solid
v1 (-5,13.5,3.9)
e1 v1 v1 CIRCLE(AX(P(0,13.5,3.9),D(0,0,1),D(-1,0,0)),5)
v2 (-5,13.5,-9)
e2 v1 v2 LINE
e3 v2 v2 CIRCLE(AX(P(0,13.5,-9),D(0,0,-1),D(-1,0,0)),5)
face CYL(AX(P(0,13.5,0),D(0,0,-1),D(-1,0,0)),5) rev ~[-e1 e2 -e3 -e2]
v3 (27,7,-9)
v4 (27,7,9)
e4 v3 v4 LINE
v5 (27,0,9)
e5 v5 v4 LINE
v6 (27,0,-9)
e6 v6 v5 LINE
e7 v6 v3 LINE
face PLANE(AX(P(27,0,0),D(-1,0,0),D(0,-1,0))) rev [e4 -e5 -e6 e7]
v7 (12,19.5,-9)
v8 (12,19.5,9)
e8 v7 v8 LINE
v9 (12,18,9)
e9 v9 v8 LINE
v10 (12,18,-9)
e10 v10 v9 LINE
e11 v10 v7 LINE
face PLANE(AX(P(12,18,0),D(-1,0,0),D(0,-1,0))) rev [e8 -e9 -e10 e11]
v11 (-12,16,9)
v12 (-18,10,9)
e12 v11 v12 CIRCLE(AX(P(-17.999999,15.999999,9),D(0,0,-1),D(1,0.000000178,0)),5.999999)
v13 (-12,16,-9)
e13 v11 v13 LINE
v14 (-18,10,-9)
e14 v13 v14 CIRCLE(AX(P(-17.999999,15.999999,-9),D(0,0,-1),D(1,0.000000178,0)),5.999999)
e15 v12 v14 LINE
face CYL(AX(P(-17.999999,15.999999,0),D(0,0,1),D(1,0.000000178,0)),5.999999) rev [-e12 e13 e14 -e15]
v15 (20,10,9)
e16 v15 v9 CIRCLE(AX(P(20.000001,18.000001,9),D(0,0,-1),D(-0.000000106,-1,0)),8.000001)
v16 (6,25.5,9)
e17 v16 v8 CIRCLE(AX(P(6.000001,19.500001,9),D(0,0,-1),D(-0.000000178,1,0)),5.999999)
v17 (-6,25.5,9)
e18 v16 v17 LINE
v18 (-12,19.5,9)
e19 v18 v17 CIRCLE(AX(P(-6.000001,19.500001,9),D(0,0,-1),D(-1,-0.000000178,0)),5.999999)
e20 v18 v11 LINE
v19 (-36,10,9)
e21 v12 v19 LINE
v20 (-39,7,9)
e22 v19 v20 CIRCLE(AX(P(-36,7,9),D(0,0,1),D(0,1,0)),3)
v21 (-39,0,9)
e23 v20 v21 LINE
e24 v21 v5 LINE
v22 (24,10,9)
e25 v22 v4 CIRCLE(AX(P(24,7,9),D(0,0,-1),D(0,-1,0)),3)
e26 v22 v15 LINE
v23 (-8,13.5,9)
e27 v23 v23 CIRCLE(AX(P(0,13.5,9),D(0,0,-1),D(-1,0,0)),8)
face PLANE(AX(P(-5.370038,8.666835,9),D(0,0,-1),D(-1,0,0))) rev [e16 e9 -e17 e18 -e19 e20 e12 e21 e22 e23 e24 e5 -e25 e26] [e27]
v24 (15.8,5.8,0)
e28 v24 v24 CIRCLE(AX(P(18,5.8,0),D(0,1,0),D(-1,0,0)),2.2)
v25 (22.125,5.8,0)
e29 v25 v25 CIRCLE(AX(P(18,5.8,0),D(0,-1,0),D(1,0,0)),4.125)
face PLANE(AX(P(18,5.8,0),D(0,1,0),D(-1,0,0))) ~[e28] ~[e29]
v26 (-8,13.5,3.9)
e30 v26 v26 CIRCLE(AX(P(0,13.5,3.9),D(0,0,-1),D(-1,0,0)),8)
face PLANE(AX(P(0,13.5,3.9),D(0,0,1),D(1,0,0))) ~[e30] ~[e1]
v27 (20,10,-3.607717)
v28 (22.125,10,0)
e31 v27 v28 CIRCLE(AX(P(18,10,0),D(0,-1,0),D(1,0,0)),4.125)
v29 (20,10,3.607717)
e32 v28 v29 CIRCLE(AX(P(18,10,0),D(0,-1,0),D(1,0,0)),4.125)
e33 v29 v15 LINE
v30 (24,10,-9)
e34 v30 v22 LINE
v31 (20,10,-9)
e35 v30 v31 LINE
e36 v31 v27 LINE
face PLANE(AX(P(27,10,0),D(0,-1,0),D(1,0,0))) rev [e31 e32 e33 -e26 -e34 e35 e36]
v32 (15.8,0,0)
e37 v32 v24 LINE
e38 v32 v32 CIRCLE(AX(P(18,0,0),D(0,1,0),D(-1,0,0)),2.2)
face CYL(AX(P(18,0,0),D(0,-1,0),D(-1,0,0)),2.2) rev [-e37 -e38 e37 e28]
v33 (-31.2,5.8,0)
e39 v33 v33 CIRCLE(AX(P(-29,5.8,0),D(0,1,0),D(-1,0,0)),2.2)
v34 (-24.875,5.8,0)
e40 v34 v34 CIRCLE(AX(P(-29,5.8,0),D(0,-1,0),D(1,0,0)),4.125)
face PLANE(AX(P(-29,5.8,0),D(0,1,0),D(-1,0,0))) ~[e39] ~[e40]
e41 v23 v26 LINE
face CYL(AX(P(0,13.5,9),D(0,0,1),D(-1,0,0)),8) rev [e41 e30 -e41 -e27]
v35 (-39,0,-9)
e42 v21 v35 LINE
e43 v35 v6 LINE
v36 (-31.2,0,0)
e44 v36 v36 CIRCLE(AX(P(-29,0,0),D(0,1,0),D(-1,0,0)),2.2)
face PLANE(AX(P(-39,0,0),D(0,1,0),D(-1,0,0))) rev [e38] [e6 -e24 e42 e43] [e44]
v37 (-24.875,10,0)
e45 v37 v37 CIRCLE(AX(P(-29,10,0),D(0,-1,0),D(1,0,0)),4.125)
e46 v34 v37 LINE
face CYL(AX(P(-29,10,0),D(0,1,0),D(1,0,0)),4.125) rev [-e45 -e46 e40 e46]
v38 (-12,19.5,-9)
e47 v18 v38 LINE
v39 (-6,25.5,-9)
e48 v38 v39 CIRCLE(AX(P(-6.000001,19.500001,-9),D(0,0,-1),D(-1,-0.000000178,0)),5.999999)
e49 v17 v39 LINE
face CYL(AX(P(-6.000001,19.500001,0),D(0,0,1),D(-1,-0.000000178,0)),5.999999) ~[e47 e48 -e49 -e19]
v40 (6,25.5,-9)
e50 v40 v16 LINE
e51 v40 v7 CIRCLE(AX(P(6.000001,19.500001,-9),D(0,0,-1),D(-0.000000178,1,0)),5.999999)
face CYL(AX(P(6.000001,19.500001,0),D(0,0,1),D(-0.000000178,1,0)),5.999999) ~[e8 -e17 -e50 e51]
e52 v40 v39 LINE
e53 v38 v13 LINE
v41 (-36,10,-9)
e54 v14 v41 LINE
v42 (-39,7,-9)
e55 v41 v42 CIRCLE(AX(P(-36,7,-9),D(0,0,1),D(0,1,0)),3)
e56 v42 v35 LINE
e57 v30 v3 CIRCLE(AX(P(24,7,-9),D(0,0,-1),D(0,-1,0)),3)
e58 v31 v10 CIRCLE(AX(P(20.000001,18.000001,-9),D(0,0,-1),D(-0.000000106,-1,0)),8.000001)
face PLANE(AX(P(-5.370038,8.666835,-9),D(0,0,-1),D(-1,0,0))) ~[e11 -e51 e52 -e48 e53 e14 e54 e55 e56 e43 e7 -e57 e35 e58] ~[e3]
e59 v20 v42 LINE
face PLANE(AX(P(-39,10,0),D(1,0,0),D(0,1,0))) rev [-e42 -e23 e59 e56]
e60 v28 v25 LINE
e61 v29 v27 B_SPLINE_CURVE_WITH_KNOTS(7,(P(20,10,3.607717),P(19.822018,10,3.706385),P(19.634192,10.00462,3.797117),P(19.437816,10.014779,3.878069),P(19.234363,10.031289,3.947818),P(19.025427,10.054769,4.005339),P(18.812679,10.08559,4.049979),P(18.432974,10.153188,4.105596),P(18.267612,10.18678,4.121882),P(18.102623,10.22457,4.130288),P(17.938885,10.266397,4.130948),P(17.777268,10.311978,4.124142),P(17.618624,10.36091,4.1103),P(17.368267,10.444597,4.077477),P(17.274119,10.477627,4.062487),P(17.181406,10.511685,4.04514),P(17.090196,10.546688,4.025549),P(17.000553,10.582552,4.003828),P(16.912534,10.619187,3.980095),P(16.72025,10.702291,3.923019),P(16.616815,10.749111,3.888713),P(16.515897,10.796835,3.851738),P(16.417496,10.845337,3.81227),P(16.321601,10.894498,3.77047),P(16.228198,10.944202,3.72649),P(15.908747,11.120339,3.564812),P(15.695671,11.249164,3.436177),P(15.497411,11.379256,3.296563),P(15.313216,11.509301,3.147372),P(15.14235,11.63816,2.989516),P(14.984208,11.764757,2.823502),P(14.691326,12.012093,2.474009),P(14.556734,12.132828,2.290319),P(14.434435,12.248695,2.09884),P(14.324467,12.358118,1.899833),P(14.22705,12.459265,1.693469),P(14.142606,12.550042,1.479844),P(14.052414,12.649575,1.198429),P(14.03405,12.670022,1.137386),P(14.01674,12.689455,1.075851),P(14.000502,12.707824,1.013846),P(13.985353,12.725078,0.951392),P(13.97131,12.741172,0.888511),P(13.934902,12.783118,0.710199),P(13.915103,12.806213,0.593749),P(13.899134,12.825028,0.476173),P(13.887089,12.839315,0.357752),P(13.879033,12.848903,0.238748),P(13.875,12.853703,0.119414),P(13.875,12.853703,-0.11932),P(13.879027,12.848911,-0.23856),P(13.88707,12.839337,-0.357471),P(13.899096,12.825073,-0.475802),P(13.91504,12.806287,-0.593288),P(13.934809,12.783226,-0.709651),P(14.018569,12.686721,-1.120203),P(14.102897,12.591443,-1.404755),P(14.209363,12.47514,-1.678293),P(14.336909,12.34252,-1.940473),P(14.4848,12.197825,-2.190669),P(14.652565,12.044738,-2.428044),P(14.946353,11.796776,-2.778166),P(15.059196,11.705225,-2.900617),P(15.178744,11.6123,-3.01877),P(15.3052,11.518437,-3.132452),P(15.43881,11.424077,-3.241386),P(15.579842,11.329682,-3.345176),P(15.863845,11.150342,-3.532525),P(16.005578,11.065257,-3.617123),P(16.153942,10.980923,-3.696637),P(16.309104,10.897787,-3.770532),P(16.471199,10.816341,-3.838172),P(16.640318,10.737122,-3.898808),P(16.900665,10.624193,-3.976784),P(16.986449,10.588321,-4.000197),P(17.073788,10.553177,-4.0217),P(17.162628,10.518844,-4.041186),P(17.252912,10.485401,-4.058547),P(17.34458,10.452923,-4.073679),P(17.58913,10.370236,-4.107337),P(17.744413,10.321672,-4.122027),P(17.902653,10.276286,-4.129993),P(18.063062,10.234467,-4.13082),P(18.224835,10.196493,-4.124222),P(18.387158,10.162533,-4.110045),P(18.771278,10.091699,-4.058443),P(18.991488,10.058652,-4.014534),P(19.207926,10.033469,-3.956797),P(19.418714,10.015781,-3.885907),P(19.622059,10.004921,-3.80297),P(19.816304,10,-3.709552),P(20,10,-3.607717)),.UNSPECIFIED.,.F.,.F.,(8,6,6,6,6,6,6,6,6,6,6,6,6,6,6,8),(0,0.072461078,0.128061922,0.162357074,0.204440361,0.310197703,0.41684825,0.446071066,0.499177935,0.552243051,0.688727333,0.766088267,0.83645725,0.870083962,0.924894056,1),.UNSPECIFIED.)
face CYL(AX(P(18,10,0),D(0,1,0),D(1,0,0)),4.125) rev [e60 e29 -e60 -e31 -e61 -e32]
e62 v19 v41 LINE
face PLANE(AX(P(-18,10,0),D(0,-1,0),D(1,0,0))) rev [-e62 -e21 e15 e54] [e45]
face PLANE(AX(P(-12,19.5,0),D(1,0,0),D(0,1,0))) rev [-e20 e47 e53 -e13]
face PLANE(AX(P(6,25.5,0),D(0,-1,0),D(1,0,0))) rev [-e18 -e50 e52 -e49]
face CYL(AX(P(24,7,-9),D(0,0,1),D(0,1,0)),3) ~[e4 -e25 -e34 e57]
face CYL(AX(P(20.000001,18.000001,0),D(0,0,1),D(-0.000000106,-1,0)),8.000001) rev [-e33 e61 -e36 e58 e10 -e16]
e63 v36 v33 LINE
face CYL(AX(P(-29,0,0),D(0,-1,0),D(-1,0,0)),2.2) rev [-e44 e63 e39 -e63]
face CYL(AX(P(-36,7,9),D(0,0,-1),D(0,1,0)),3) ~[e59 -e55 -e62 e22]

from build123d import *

# Parameters (mm, degrees)
SKETCH_R        = 5
PAD_DEPTH       = 9
SKETCH005_R     = 2.2
POCKET_DEPTH    = 25.501
SKETCH006_R     = 8
POCKET001_DEPTH = 5.1
SKETCH007_R     = 4.125
POCKET002_DEPTH = 4.2
FILLET_R        = 3


with BuildPart() as filletbody:
    # Sketch → Pad (new body, symmetric)
    with BuildSketch(Plane.XY):
        with BuildLine():
            Line((-6, 25.5), (6, 25.5))
            ThreePointArc((12, 19.5), (10.242641, 23.742641), (6, 25.5))
            Line((12, 19.5), (12, 16))
            ThreePointArc((12, 16), (13.757359, 11.757359), (18, 10))
            Line((18, 10), (39, 10))
            Line((39, 10), (39, 0))
            Line((39, 0), (-27, 0))
            Line((-27, 0), (-27, 10))
            Line((-27, 10), (-20, 10))
            ThreePointArc((-20, 10), (-14.343146, 12.343146), (-12, 18))
            Line((-12, 18), (-12, 19.5))
            ThreePointArc((-6, 25.5), (-10.242641, 23.742641), (-12, 19.5))
        make_face()
        with Locations((0, 13.5)):
            Circle(SKETCH_R, mode=Mode.SUBTRACT)
    extrude(amount=PAD_DEPTH, both=True)

    # Sketch005 (on Face7 of Pad) → Pocket (cut, through all)
    with BuildSketch(Plane.XZ):
        with Locations((29, 0)):
            Circle(SKETCH005_R)
        with Locations((-18, 0)):
            Circle(SKETCH005_R)
    extrude(amount=-POCKET_DEPTH, mode=Mode.SUBTRACT)

    # Sketch006 (on Face5 of Pocket) → Pocket001 (cut)
    with BuildSketch(Plane.XY.offset(9)):
        with Locations((0, 13.5)):
            Circle(SKETCH006_R)
    extrude(amount=-POCKET001_DEPTH, mode=Mode.SUBTRACT)

    # Sketch007 (on Face9 of Pocket001) → Pocket002 (cut, symmetric)
    with BuildSketch(Plane(origin=(0, 10, 0), x_dir=(-1, 0, 0), z_dir=(0, 1, 0))):
        with Locations((18, 0)):
            Circle(SKETCH007_R)
        with Locations((-29, 0)):
            Circle(SKETCH007_R)
    extrude(amount=POCKET002_DEPTH, both=True, mode=Mode.SUBTRACT)

    # Fillet
    fillet_edges = [filletbody.edges().sort_by_distance(p)[0] for p in [
        (39, 10, 0),
        (-27, 10, 0),
    ]]
    fillet(fillet_edges, radius=FILLET_R)


with BuildPart() as part_mirroring:
    # Part__Mirroring: instance of FilletBody
    add(filletbody.part.mirror(Plane(origin=(0, 0, 0), x_dir=(0, -1, 0), z_dir=(1, 0, 0))))


solid = part_mirroring.part
